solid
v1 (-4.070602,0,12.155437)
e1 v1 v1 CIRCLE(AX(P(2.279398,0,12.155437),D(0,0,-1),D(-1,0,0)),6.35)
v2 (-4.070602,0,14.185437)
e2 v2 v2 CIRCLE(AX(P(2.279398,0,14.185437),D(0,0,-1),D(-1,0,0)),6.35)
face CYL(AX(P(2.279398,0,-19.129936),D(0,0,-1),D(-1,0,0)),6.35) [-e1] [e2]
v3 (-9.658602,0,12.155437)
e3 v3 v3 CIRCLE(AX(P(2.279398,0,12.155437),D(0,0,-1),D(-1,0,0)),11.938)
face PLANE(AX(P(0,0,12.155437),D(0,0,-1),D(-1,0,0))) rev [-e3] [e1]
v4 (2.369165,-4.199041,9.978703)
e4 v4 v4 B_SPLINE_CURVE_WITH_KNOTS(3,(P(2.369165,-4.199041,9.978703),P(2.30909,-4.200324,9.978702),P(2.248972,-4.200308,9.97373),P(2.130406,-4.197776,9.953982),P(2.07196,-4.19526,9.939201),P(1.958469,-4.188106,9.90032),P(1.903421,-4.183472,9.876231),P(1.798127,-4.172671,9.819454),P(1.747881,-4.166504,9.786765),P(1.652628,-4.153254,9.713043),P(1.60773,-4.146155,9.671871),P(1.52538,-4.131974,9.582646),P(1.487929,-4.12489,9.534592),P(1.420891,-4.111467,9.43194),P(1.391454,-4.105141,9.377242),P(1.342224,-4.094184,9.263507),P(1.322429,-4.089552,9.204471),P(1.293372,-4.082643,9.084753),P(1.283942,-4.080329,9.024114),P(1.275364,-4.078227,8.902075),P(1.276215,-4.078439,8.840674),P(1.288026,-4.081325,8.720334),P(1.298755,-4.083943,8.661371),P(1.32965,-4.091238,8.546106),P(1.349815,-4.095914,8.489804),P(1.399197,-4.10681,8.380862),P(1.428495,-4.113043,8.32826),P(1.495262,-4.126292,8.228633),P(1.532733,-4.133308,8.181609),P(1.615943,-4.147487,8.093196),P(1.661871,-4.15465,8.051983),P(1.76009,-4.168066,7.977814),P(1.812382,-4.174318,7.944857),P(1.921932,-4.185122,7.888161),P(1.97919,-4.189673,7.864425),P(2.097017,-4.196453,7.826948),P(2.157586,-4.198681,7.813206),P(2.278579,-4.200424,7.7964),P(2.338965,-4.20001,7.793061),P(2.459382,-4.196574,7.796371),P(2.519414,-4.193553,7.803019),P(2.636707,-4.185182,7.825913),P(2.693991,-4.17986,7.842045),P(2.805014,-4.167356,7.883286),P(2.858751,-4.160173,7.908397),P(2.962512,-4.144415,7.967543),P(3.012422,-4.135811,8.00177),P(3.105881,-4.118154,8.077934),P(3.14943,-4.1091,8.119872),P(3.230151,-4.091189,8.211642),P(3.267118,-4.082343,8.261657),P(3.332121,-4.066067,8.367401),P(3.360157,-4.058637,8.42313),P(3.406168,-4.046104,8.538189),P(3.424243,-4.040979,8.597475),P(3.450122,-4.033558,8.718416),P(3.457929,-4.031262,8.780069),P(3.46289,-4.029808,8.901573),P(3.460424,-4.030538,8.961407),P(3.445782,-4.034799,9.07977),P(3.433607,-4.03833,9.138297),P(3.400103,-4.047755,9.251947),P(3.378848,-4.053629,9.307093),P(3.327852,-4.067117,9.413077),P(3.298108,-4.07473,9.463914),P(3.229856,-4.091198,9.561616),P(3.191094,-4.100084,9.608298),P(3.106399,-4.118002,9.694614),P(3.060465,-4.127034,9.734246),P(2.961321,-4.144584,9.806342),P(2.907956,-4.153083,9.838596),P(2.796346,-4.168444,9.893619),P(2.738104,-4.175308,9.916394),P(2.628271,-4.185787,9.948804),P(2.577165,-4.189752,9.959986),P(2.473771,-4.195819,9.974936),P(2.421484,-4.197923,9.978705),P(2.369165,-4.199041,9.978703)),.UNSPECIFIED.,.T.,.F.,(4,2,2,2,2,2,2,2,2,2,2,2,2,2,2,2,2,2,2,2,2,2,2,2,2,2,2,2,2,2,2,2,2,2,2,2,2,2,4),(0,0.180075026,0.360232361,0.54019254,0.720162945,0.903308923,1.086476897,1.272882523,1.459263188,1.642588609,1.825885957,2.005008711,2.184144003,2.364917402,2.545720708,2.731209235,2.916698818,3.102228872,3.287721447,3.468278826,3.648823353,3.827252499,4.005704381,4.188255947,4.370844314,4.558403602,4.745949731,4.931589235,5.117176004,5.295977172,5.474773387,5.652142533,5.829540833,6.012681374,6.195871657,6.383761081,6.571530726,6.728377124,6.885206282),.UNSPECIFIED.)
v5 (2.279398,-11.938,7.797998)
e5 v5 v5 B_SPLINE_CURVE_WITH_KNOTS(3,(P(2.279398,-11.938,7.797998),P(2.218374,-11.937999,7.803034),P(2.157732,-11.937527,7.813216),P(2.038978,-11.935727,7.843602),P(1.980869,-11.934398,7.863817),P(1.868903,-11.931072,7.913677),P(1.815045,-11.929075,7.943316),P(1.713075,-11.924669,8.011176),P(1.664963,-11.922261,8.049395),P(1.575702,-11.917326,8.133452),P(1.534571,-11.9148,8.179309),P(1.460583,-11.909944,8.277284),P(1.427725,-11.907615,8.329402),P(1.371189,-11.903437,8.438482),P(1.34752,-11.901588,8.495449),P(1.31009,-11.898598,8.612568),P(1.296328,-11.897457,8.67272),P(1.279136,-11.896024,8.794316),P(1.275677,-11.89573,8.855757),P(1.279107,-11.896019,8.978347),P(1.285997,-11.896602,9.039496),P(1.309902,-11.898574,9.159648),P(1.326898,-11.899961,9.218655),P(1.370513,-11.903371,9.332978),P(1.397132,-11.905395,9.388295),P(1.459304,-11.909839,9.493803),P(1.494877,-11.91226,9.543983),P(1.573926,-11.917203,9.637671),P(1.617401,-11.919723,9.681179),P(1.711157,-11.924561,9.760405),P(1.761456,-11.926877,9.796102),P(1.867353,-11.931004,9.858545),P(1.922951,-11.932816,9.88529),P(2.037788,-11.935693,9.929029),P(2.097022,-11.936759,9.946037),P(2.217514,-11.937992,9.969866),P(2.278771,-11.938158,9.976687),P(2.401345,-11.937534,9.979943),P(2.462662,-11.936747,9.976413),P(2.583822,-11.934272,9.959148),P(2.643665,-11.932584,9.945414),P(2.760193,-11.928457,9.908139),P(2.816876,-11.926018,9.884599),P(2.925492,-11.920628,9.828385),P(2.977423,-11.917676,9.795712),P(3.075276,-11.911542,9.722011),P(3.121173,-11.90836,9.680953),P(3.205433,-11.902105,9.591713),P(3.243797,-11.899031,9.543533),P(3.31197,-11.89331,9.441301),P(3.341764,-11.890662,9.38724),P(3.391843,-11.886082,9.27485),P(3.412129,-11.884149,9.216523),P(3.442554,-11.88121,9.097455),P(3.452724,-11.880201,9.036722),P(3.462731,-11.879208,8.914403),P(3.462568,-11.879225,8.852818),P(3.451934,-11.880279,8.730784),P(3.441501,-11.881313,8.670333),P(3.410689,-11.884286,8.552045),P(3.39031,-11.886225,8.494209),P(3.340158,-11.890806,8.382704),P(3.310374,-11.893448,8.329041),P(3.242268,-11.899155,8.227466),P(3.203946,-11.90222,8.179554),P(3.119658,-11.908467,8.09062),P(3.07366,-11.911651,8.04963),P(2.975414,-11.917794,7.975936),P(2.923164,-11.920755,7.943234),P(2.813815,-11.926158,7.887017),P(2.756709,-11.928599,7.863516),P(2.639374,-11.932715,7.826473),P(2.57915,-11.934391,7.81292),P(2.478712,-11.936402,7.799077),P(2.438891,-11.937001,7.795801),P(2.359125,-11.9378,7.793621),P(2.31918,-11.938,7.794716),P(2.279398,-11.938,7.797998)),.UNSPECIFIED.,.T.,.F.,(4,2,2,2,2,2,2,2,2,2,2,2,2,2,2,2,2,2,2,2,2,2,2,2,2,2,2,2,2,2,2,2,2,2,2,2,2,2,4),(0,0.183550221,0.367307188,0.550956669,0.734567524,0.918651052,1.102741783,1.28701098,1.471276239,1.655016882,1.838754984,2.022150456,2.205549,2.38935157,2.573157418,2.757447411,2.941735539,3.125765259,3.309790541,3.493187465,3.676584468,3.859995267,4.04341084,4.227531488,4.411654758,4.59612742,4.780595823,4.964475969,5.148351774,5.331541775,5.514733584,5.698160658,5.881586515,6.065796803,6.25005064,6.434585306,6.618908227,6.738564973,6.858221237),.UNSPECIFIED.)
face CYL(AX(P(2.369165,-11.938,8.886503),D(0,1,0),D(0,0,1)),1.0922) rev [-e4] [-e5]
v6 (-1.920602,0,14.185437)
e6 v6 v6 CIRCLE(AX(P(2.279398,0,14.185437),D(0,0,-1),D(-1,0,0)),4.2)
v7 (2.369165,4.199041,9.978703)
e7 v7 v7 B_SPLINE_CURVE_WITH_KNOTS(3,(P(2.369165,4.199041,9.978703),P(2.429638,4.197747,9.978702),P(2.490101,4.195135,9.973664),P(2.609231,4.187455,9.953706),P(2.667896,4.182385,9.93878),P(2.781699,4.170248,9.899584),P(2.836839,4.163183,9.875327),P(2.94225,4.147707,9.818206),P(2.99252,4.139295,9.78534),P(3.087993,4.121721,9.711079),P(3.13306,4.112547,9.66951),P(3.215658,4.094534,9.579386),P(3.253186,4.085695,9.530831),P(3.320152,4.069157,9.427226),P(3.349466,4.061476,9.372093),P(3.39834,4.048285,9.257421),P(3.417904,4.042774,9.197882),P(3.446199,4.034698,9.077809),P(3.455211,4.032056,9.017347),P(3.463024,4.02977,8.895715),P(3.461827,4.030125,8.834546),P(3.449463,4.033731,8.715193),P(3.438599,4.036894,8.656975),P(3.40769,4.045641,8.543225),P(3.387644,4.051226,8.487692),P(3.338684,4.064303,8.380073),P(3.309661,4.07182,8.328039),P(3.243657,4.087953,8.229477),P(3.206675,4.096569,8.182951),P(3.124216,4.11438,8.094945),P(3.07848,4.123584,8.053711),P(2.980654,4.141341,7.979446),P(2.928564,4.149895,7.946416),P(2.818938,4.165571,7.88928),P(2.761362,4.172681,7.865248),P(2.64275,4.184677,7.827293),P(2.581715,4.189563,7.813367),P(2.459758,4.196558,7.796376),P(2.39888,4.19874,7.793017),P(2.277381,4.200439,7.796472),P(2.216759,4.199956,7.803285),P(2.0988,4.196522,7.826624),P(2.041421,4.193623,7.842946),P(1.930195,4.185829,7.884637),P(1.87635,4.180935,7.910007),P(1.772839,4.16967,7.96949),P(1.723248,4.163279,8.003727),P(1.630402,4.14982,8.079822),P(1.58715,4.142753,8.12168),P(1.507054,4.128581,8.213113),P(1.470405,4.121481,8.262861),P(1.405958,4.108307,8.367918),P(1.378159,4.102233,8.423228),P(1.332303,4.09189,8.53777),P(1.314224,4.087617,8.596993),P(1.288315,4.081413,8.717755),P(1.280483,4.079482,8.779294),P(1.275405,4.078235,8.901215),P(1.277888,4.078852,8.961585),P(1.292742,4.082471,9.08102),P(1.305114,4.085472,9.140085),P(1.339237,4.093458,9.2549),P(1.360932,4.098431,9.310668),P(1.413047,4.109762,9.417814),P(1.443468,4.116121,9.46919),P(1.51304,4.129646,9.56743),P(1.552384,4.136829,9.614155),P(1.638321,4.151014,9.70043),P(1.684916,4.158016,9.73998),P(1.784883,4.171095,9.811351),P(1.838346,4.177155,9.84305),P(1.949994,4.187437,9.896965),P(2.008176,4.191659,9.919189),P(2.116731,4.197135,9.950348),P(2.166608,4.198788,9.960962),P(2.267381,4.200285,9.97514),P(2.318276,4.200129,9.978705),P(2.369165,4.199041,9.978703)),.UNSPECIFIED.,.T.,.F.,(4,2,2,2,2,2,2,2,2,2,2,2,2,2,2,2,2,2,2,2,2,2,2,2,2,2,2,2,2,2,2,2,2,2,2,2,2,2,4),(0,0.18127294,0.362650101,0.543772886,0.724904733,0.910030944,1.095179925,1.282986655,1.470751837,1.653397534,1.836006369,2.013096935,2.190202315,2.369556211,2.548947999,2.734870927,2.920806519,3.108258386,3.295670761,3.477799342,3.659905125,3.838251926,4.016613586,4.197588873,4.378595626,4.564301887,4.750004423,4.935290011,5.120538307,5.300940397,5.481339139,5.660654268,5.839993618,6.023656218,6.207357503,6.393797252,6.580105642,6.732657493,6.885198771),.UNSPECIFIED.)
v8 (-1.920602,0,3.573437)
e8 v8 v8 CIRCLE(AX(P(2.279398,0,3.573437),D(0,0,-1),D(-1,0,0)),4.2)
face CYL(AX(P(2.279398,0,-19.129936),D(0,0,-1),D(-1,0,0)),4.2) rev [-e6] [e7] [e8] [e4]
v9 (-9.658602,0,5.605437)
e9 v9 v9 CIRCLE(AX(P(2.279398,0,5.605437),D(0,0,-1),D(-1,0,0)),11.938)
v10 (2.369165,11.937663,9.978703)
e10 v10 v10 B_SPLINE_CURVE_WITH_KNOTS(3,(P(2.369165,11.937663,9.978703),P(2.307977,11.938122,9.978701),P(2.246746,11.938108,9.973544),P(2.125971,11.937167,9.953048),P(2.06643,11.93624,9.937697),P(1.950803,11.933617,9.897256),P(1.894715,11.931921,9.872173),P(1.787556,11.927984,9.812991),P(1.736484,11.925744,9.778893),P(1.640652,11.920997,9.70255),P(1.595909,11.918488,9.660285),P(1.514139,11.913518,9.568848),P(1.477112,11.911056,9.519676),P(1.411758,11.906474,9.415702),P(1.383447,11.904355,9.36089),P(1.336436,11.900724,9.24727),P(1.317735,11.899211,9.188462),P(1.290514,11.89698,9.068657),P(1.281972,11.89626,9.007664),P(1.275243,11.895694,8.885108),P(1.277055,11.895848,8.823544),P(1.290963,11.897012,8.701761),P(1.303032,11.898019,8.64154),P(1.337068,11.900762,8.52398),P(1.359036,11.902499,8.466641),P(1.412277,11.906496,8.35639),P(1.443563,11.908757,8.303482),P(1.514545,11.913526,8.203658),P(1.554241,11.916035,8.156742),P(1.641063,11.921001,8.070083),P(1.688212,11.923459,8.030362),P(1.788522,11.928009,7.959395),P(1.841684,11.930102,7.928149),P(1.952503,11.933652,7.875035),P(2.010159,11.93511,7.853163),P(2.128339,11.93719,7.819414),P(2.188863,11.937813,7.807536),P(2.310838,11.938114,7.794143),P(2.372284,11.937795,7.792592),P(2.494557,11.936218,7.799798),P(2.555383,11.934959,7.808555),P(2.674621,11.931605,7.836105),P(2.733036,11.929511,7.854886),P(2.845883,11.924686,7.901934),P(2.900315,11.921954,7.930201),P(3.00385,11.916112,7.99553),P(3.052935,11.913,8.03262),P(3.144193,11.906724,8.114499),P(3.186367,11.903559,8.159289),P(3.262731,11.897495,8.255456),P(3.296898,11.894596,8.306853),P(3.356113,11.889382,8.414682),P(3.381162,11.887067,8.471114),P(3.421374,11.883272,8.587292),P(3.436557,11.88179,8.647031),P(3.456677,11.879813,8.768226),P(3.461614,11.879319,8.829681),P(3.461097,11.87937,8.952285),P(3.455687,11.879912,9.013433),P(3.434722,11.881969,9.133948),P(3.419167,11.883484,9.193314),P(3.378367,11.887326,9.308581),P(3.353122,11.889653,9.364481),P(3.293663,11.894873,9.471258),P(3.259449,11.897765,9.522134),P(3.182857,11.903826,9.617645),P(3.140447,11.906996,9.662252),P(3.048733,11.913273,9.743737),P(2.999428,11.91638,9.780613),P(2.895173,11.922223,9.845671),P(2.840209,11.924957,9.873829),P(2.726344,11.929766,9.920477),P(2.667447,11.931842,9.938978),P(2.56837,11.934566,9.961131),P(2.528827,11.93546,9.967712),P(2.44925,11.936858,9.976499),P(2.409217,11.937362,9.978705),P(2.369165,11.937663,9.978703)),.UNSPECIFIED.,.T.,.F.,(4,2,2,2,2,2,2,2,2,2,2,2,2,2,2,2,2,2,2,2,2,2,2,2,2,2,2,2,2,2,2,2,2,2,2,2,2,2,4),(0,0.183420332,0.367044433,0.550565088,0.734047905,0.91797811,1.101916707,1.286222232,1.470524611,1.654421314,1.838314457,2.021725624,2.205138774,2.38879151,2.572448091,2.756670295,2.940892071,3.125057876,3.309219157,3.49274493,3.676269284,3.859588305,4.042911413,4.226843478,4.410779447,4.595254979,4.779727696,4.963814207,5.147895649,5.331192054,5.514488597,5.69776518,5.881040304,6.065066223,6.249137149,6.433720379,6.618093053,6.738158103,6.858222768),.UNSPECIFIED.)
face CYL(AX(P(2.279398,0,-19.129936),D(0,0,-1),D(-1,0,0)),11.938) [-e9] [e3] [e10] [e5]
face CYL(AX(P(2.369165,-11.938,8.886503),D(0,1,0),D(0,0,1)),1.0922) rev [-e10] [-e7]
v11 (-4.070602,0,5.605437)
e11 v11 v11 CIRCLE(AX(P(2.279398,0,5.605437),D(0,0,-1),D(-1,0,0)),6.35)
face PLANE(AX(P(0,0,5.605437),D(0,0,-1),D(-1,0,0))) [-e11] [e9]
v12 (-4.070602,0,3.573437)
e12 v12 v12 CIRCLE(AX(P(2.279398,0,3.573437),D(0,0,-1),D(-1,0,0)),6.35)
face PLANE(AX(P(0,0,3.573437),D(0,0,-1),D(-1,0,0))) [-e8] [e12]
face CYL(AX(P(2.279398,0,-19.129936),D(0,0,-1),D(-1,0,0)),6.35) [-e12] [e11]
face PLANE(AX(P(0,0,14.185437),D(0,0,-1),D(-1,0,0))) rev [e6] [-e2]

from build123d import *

# Parameters (mm, degrees)
SKETCH1_W          = 2.15
SKETCH1_H          = 2.03
SKETCH2_R          = 1.0922
CUT_EXTRUDE1_DEPTH = 24.876


with BuildPart() as part:
    # Sketch1 → Revolve1 (revolve)
    with BuildSketch(Plane(origin=(0, 0, 0), x_dir=(1, 0, 0), z_dir=(0, 1, 0))):
        with Locations((-2.995601826, -13.170436757)):
            Rectangle(SKETCH1_W, SKETCH1_H)
        Polygon((-4.070601826, -12.155436757), (-1.920601826, -12.155436757), (-1.920601826, -3.573436757), (-4.070601826, -3.573436757), (-4.070601826, -5.605436757), align=None)
        Polygon((-5.107903637, -12.155436757), (-4.070601826, -12.155436757), (-4.070601826, -5.605436757), (-9.658601826, -5.605436757), (-9.658601826, -12.155436757), align=None)
    revolve(axis=Axis((2.279398174, 0, -19.129935757), (0, 0, 1)))

    # Sketch2 → Cut-Extrude1 (cut, through all)
    with BuildSketch(Plane(origin=(0, 11.938, 0), x_dir=(1, 0, 0), z_dir=(0, 1, 0))):
        with Locations((2.369164509, -8.88650333)):
            Circle(SKETCH2_R)
    extrude(amount=-CUT_EXTRUDE1_DEPTH, mode=Mode.SUBTRACT)


solid = part.part
